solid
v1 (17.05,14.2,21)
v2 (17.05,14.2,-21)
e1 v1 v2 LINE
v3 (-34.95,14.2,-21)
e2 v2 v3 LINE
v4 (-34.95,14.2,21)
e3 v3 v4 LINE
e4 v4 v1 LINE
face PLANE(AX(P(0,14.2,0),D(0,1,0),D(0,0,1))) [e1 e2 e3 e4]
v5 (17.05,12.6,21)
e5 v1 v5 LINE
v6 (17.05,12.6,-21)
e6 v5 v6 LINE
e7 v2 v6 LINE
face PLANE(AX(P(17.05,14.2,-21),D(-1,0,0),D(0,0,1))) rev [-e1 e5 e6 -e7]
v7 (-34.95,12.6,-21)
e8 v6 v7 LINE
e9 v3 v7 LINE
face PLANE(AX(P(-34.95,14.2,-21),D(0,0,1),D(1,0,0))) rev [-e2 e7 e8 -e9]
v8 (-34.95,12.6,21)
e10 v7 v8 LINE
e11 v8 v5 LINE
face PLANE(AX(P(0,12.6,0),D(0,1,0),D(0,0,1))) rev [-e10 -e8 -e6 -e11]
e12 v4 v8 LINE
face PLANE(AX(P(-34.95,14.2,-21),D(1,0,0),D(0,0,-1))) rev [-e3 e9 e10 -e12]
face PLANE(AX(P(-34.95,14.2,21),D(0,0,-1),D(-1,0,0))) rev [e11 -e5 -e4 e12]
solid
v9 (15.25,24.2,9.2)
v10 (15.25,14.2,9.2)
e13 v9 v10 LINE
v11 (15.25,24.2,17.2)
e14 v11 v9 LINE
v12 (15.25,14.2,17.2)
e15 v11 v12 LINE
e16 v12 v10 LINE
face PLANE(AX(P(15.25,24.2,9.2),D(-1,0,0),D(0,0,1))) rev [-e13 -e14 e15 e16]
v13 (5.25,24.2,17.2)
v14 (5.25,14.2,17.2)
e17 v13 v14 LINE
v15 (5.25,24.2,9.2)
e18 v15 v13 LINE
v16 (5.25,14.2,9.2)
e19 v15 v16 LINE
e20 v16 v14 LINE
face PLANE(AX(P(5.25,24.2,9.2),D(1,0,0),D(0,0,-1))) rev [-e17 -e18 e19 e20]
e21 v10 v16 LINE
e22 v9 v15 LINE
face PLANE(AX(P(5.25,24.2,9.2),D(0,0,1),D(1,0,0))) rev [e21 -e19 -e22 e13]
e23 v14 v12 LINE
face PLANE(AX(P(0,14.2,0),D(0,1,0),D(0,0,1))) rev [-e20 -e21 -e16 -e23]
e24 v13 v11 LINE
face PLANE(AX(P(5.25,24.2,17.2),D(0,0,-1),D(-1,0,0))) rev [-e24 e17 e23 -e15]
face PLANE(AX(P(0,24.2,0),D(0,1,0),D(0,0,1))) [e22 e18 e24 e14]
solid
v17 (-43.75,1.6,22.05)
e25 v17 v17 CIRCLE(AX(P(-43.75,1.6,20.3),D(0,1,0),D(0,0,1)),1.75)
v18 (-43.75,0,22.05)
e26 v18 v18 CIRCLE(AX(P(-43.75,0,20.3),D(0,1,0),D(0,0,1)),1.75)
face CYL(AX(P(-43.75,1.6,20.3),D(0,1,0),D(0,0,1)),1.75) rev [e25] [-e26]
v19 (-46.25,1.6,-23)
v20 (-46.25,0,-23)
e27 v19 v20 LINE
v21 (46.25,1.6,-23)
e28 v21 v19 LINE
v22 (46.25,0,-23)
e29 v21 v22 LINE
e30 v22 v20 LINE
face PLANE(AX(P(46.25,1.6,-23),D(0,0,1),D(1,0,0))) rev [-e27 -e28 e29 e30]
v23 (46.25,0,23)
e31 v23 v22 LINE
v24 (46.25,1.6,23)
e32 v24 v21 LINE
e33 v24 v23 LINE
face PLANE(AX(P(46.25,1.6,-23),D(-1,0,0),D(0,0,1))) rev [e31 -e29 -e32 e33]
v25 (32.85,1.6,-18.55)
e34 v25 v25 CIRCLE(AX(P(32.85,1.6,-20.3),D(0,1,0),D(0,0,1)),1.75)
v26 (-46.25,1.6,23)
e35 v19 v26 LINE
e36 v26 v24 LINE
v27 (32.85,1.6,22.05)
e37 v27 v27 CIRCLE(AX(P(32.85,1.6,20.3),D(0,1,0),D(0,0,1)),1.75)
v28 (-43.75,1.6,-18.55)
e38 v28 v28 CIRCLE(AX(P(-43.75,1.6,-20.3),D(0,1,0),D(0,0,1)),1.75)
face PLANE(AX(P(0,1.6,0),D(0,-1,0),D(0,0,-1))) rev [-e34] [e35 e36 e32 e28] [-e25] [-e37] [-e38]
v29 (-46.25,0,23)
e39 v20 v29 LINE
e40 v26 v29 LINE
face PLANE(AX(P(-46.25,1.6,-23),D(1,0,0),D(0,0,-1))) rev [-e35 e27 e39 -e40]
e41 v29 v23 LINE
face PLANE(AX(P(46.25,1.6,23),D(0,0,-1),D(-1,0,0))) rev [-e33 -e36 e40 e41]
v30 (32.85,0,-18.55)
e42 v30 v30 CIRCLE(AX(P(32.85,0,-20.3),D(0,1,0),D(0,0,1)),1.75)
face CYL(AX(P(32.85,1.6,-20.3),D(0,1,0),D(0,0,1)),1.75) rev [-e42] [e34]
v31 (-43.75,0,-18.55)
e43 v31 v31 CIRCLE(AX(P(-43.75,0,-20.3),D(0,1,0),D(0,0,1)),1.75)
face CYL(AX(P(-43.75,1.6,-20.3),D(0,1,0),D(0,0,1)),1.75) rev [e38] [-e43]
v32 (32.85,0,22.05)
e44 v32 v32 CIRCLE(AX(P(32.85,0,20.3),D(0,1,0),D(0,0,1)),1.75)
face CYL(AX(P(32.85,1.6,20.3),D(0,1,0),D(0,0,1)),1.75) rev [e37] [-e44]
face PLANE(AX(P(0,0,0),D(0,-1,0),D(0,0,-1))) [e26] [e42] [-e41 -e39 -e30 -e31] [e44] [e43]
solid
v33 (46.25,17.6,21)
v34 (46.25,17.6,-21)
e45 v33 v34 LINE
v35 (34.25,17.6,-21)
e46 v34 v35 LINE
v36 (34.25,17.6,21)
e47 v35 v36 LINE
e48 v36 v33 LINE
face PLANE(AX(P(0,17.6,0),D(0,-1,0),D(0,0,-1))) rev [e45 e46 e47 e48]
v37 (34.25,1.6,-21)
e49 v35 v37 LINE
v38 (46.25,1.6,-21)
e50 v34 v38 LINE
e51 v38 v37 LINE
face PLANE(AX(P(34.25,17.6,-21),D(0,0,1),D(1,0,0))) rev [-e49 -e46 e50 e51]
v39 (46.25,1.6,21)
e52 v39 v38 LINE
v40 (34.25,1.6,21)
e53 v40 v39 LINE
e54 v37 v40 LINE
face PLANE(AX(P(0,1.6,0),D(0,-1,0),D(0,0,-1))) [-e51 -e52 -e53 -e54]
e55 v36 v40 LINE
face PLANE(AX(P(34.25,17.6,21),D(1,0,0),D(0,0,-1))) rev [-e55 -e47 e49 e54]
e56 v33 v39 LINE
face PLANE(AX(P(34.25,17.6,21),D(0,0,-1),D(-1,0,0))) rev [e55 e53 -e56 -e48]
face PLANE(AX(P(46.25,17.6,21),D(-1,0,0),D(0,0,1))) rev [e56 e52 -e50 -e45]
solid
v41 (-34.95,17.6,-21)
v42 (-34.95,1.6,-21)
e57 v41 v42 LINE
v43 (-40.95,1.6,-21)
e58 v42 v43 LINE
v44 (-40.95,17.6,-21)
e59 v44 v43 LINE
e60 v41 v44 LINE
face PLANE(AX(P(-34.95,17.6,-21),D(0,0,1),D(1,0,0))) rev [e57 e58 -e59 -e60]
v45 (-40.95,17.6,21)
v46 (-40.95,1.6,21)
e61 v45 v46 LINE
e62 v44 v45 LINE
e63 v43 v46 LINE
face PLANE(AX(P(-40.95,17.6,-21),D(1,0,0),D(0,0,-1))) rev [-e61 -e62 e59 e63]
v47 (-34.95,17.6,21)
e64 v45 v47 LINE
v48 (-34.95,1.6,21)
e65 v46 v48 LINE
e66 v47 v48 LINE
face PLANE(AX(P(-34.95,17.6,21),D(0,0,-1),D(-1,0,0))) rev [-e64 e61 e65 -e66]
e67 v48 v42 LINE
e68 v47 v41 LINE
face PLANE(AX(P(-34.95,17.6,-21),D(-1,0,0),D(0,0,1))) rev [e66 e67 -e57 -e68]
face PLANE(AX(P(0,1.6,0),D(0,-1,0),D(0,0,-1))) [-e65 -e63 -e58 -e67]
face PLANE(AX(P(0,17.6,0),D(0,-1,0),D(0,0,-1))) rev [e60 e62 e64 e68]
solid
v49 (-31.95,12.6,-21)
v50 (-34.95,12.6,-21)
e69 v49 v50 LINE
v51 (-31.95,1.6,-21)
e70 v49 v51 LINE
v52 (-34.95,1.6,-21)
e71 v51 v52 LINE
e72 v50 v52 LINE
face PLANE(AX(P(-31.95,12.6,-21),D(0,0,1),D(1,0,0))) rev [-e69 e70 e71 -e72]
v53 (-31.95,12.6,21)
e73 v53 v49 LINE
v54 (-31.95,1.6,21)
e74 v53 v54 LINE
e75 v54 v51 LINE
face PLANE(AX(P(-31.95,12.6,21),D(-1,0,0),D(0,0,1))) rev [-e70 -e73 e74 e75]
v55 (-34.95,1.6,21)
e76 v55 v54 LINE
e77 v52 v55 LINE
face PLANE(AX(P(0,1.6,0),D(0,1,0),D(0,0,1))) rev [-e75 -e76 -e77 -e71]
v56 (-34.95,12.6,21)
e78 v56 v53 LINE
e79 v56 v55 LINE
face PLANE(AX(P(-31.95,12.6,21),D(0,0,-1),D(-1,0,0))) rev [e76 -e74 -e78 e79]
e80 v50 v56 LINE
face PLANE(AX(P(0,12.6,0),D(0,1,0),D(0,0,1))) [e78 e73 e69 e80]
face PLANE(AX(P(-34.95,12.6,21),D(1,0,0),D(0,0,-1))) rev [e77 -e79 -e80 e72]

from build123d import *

# Parameters (mm, degrees)
SKICA1_W                  = 92.5
SKICA1_H                  = 46
P_IDAT_VYSUNUT_M1_DEPTH   = 1.6
F_3_5_3_5_PR_M_R_D_RY1_D  = 3.5
SKICA4_W                  = 6
SKICA4_H                  = 42
P_IDAT_VYSUNUT_M2_DEPTH   = 16
SKICA4_W_2                = 12
P_IDAT_VYSUNUT_M2_2_DEPTH = 16
SKICA5_W                  = 3
SKICA5_H                  = 42
P_IDAT_VYSUNUT_M3_DEPTH   = 11
SKICA6_W                  = 52
SKICA6_H                  = 42
P_IDAT_VYSUNUT_M4_DEPTH   = 1.6
SKICA7_W                  = 10
SKICA7_H                  = 8
P_IDAT_VYSUNUT_M5_DEPTH   = 10


with BuildPart() as part:
    # Skica1 → Přidat vysunutím1 (new body)
    with BuildSketch(Plane(origin=(0, 0, 0), x_dir=(1, 0, 0), z_dir=(0, 1, 0))):
        Rectangle(SKICA1_W, SKICA1_H)
    extrude(amount=P_IDAT_VYSUNUT_M1_DEPTH)

    # Ø3.5 (3.5) průměr díry1 (through all)
    with Locations(Plane(origin=(0, 1.6, 0), x_dir=(1, 0, 0), z_dir=(0, 1, 0))):
        with Locations((-43.75, 20.3), (-43.75, -20.3), (32.85, -20.3), (32.85, 20.3)):
            Hole(F_3_5_3_5_PR_M_R_D_RY1_D / 2)


with BuildPart() as body_2:
    # Skica4 → Přidat vysunutím2 (new body)
    with BuildSketch(Plane(origin=(0, 1.6, 0), x_dir=(1, 0, 0), z_dir=(0, 1, 0))):
        with Locations((-37.95, 0)):
            Rectangle(SKICA4_W, SKICA4_H)
    extrude(amount=P_IDAT_VYSUNUT_M2_DEPTH)


with BuildPart() as body_3:
    # Skica4 → P_idat vysunut_m2 2 (new body)
    with BuildSketch(Plane(origin=(0, 1.6, 0), x_dir=(1, 0, 0), z_dir=(0, 1, 0))):
        with Locations((40.25, 0)):
            Rectangle(SKICA4_W_2, SKICA4_H)
    extrude(amount=P_IDAT_VYSUNUT_M2_2_DEPTH)


with BuildPart() as body_4:
    # Skica5 → Přidat vysunutím3 (new body)
    with BuildSketch(Plane(origin=(0, 1.6, 0), x_dir=(1, 0, 0), z_dir=(0, 1, 0))):
        with Locations((-33.45, 0)):
            Rectangle(SKICA5_W, SKICA5_H)
    extrude(amount=P_IDAT_VYSUNUT_M3_DEPTH)


with BuildPart() as body_5:
    # Skica6 → Přidat vysunutím4 (new body)
    with BuildSketch(Plane(origin=(0, 12.6, 0), x_dir=(1, 0, 0), z_dir=(0, 1, 0))):
        with Locations((-8.95, 0)):
            Rectangle(SKICA6_W, SKICA6_H)
    extrude(amount=P_IDAT_VYSUNUT_M4_DEPTH)


with BuildPart() as body_6:
    # Skica7 → Přidat vysunutím5 (new body)
    with BuildSketch(Plane(origin=(0, 14.2, 0), x_dir=(1, 0, 0), z_dir=(0, 1, 0))):
        with Locations((10.25, -13.2)):
            Rectangle(SKICA7_W, SKICA7_H)
    extrude(amount=P_IDAT_VYSUNUT_M5_DEPTH)


solid = Compound([part.part, body_2.part, body_3.part, body_4.part, body_5.part, body_6.part])
